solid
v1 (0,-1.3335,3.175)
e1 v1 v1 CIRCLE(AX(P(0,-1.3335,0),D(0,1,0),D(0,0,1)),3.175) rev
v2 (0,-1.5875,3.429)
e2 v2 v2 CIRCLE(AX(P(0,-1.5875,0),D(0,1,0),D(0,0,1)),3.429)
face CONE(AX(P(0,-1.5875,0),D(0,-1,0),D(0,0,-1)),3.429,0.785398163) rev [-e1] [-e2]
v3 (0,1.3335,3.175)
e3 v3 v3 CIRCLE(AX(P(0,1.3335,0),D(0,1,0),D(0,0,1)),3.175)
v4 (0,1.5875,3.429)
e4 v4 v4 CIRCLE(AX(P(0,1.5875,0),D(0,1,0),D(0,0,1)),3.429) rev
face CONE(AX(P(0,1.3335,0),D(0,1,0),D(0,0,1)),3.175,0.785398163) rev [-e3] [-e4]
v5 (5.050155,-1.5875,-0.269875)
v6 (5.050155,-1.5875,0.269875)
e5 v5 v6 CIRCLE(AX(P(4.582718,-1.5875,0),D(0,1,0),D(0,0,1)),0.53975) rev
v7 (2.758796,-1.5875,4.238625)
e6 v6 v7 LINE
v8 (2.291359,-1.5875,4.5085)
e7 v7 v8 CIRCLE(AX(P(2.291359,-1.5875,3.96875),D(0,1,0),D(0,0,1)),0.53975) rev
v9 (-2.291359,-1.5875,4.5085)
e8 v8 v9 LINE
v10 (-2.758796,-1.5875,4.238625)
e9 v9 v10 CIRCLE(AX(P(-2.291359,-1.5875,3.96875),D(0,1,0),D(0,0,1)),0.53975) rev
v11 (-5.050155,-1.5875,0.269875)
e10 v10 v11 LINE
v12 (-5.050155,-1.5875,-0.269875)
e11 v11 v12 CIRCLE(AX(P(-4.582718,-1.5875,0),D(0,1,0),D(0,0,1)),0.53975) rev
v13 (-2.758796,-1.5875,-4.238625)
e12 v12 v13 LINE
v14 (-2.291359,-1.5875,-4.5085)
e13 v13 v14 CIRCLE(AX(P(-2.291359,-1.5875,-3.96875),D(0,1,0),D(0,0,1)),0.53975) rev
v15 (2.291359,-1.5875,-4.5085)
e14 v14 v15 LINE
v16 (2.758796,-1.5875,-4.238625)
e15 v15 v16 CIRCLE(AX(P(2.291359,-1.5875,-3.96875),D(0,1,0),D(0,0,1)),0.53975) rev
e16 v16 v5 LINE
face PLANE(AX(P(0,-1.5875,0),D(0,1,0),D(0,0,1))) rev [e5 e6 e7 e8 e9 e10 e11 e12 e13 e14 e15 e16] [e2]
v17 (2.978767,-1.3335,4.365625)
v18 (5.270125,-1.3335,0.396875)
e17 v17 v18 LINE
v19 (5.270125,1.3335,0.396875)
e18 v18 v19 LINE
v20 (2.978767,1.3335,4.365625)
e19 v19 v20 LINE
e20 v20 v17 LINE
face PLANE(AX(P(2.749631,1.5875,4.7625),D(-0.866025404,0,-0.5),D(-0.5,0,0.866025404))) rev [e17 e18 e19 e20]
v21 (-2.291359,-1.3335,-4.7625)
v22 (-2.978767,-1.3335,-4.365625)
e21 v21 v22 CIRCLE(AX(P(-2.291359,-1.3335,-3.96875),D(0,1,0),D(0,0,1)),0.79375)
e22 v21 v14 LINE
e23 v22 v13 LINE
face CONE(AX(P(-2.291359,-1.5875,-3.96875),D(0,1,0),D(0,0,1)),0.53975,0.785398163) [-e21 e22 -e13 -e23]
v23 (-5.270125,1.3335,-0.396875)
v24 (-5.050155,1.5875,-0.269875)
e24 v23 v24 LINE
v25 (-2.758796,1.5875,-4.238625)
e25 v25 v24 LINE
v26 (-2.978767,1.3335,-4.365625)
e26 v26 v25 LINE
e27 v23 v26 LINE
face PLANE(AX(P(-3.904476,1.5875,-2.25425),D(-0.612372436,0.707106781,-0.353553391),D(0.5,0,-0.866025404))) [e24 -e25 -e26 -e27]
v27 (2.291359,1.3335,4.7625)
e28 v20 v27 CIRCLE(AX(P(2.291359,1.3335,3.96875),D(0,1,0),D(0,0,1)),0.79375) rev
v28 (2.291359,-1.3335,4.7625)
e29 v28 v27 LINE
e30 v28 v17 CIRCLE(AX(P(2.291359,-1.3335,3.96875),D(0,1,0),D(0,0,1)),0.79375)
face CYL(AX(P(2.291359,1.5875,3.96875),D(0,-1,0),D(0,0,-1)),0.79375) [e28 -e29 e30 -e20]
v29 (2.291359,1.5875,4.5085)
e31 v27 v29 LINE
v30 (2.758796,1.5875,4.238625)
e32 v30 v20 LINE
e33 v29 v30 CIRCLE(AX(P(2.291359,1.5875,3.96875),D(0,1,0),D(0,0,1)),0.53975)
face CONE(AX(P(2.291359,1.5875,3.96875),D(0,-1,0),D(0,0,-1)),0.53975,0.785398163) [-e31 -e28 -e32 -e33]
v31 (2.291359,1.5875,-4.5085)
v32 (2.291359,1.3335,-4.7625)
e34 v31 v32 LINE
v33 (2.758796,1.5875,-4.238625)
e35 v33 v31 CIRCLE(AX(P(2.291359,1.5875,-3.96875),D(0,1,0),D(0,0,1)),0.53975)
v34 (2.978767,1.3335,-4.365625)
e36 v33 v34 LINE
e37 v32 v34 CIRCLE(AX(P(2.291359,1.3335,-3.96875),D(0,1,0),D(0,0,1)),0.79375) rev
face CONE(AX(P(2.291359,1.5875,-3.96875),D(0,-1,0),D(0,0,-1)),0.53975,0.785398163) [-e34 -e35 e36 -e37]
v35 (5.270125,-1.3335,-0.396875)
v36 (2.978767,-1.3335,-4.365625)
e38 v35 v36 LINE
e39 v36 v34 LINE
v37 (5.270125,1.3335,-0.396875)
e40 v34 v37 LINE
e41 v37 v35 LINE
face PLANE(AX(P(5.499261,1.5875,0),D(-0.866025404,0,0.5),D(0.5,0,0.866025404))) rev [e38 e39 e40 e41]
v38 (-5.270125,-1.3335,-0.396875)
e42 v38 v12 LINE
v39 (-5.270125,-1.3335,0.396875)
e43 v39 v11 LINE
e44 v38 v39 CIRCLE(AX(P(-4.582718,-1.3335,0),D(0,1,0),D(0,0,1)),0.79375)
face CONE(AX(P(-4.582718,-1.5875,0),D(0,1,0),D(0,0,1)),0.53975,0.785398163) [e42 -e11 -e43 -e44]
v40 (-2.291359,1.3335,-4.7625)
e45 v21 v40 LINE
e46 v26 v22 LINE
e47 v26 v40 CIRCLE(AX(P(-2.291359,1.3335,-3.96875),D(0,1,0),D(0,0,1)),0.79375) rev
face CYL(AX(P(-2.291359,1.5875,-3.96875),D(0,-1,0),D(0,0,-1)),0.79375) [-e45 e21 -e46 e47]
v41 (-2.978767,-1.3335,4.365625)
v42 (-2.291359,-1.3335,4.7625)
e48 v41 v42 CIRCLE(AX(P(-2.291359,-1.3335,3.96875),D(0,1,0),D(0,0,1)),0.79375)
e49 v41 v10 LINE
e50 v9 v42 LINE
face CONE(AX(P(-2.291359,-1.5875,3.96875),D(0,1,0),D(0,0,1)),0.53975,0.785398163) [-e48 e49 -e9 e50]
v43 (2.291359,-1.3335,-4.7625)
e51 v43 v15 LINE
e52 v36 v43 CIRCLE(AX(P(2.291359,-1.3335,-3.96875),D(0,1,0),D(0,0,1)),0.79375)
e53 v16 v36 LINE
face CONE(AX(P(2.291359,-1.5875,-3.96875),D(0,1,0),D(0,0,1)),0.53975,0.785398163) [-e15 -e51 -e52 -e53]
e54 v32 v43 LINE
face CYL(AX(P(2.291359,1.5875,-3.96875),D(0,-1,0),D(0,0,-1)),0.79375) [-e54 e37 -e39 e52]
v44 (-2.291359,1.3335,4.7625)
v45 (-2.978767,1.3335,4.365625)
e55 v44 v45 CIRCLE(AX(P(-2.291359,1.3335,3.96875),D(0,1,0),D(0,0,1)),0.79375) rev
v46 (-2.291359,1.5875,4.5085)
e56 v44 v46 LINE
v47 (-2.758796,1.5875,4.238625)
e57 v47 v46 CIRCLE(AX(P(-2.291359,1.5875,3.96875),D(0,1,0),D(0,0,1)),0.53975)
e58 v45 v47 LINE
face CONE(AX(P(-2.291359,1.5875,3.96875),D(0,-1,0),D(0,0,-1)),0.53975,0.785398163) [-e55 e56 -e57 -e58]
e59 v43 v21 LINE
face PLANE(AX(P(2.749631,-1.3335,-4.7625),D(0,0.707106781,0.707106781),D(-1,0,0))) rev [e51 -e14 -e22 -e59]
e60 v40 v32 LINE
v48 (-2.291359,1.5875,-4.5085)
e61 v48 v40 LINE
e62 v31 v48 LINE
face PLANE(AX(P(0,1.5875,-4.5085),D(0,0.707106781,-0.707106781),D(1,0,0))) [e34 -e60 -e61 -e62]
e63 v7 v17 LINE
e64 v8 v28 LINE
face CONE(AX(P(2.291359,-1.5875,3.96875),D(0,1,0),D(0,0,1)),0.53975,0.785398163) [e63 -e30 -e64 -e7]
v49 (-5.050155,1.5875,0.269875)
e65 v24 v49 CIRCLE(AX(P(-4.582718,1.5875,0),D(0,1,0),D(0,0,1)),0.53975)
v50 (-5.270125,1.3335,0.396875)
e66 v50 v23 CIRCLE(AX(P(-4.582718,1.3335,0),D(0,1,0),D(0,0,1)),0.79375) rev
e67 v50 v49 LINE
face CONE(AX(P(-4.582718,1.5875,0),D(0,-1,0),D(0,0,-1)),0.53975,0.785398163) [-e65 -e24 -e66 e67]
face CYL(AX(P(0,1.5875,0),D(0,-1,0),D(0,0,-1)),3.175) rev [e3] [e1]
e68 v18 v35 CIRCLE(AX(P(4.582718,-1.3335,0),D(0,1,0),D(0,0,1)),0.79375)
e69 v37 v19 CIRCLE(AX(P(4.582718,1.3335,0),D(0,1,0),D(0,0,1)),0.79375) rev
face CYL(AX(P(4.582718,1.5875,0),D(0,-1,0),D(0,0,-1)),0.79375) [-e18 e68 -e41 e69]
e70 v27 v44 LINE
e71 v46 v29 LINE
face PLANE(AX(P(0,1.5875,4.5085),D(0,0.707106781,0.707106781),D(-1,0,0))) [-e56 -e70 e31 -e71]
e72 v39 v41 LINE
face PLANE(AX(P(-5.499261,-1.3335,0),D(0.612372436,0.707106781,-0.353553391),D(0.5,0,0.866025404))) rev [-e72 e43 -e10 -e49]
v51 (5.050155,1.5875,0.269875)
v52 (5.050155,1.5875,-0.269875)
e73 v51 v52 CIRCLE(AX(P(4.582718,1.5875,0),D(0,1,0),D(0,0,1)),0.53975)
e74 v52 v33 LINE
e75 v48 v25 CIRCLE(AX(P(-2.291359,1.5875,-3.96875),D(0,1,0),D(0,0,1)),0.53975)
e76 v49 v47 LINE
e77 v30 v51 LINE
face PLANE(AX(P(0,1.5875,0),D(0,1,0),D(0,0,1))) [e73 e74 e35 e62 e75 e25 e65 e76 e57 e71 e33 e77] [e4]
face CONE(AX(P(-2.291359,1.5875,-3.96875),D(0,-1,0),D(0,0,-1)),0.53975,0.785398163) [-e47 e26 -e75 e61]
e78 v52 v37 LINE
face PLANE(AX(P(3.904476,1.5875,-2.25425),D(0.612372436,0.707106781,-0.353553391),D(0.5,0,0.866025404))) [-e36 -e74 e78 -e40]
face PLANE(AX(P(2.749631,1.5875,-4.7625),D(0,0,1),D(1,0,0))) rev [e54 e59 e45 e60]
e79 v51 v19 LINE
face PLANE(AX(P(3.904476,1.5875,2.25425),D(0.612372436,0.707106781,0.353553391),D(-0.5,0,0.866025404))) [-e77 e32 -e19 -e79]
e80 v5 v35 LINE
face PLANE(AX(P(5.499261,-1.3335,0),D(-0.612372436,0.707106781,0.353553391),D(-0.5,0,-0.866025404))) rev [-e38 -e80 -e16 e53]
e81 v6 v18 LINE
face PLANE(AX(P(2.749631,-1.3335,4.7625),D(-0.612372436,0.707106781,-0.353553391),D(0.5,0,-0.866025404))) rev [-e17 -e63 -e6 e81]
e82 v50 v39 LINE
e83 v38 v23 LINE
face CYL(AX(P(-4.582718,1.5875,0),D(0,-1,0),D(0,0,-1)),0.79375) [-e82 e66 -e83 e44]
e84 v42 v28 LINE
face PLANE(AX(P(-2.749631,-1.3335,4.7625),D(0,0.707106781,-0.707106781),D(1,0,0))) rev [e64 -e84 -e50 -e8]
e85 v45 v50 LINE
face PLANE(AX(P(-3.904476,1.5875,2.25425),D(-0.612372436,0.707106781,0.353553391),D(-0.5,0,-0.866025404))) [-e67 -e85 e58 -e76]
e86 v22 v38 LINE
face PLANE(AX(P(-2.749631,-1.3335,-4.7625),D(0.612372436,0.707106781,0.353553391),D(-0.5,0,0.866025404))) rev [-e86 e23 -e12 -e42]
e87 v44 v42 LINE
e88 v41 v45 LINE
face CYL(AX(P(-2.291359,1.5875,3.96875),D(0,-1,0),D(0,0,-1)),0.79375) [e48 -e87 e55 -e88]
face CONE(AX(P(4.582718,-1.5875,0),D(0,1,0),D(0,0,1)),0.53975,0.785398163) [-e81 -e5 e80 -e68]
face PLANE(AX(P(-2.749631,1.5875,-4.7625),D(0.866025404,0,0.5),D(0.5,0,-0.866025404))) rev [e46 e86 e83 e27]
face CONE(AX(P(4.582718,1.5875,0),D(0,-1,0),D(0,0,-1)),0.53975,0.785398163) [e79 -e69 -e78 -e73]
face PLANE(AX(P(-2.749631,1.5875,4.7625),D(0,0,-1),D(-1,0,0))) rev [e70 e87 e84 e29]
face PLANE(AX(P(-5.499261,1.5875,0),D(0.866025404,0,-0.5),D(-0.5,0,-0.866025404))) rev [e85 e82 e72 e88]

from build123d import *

# Parameters (mm, degrees)
SKETCH1_R           = 3.175
BOSS_EXTRUDE1_DEPTH = 1.5875
FILLET1_R           = 0.79375
CHAMFER1_SIZE       = 0.254


with BuildPart() as part:
    # Sketch1 → Boss-Extrude1 (new body, symmetric)
    with BuildSketch(Plane(origin=(0, 0, 0), x_dir=(1, 0, 0), z_dir=(0, 1, 0))):
        Polygon((2.749630657, 4.7625), (-2.749630657, 4.7625), (-5.499261314, 0), (-2.749630657, -4.7625), (2.749630657, -4.7625), (5.499261314, 0), align=None)
        Circle(SKETCH1_R, mode=Mode.SUBTRACT)
    extrude(amount=BOSS_EXTRUDE1_DEPTH, both=True)

    # Fillet1
    fillet1_edges = [part.edges().sort_by_distance(p)[0] for p in [
        (5.499261314, 0, 0),
        (2.749630657, 0, 4.7625),
        (-2.749630657, 0, 4.7625),
        (-5.499261314, 0, 0),
        (-2.749630657, 0, -4.7625),
        (2.749630657, 0, -4.7625),
    ]]
    fillet(fillet1_edges, radius=FILLET1_R)

    # Chamfer1
    chamfer1_edges = [part.edges().sort_by_distance(p)[0] for p in [
        (-3.175, -1.5875, 0),
        (-3.175, 1.5875, 0),
        (-4.124445986, -1.5875, 2.38125),
        (-4.124445986, 1.5875, 2.38125),
        (4.124445986, -1.5875, -2.38125),
        (4.124445986, -1.5875, 2.38125),
        (0, -1.5875, 4.7625),
        (-4.124445986, -1.5875, -2.38125),
        (0, -1.5875, -4.7625),
        (2.688233881, -1.5875, 4.656157664),
        (-2.688233881, -1.5875, 4.656157664),
        (5.376467762, -1.5875, 0),
        (2.688233881, -1.5875, -4.656157664),
        (-2.688233881, -1.5875, -4.656157664),
        (-5.376467762, -1.5875, 0),
        (-4.124445986, 1.5875, -2.38125),
        (4.124445986, 1.5875, -2.38125),
        (0, 1.5875, -4.7625),
        (0, 1.5875, 4.7625),
        (4.124445986, 1.5875, 2.38125),
        (2.688233881, 1.5875, 4.656157664),
        (-2.688233881, 1.5875, 4.656157664),
        (5.376467762, 1.5875, 0),
        (2.688233881, 1.5875, -4.656157664),
        (-2.688233881, 1.5875, -4.656157664),
        (-5.376467762, 1.5875, 0),
    ]]
    chamfer(chamfer1_edges, length=CHAMFER1_SIZE)


solid = part.part
